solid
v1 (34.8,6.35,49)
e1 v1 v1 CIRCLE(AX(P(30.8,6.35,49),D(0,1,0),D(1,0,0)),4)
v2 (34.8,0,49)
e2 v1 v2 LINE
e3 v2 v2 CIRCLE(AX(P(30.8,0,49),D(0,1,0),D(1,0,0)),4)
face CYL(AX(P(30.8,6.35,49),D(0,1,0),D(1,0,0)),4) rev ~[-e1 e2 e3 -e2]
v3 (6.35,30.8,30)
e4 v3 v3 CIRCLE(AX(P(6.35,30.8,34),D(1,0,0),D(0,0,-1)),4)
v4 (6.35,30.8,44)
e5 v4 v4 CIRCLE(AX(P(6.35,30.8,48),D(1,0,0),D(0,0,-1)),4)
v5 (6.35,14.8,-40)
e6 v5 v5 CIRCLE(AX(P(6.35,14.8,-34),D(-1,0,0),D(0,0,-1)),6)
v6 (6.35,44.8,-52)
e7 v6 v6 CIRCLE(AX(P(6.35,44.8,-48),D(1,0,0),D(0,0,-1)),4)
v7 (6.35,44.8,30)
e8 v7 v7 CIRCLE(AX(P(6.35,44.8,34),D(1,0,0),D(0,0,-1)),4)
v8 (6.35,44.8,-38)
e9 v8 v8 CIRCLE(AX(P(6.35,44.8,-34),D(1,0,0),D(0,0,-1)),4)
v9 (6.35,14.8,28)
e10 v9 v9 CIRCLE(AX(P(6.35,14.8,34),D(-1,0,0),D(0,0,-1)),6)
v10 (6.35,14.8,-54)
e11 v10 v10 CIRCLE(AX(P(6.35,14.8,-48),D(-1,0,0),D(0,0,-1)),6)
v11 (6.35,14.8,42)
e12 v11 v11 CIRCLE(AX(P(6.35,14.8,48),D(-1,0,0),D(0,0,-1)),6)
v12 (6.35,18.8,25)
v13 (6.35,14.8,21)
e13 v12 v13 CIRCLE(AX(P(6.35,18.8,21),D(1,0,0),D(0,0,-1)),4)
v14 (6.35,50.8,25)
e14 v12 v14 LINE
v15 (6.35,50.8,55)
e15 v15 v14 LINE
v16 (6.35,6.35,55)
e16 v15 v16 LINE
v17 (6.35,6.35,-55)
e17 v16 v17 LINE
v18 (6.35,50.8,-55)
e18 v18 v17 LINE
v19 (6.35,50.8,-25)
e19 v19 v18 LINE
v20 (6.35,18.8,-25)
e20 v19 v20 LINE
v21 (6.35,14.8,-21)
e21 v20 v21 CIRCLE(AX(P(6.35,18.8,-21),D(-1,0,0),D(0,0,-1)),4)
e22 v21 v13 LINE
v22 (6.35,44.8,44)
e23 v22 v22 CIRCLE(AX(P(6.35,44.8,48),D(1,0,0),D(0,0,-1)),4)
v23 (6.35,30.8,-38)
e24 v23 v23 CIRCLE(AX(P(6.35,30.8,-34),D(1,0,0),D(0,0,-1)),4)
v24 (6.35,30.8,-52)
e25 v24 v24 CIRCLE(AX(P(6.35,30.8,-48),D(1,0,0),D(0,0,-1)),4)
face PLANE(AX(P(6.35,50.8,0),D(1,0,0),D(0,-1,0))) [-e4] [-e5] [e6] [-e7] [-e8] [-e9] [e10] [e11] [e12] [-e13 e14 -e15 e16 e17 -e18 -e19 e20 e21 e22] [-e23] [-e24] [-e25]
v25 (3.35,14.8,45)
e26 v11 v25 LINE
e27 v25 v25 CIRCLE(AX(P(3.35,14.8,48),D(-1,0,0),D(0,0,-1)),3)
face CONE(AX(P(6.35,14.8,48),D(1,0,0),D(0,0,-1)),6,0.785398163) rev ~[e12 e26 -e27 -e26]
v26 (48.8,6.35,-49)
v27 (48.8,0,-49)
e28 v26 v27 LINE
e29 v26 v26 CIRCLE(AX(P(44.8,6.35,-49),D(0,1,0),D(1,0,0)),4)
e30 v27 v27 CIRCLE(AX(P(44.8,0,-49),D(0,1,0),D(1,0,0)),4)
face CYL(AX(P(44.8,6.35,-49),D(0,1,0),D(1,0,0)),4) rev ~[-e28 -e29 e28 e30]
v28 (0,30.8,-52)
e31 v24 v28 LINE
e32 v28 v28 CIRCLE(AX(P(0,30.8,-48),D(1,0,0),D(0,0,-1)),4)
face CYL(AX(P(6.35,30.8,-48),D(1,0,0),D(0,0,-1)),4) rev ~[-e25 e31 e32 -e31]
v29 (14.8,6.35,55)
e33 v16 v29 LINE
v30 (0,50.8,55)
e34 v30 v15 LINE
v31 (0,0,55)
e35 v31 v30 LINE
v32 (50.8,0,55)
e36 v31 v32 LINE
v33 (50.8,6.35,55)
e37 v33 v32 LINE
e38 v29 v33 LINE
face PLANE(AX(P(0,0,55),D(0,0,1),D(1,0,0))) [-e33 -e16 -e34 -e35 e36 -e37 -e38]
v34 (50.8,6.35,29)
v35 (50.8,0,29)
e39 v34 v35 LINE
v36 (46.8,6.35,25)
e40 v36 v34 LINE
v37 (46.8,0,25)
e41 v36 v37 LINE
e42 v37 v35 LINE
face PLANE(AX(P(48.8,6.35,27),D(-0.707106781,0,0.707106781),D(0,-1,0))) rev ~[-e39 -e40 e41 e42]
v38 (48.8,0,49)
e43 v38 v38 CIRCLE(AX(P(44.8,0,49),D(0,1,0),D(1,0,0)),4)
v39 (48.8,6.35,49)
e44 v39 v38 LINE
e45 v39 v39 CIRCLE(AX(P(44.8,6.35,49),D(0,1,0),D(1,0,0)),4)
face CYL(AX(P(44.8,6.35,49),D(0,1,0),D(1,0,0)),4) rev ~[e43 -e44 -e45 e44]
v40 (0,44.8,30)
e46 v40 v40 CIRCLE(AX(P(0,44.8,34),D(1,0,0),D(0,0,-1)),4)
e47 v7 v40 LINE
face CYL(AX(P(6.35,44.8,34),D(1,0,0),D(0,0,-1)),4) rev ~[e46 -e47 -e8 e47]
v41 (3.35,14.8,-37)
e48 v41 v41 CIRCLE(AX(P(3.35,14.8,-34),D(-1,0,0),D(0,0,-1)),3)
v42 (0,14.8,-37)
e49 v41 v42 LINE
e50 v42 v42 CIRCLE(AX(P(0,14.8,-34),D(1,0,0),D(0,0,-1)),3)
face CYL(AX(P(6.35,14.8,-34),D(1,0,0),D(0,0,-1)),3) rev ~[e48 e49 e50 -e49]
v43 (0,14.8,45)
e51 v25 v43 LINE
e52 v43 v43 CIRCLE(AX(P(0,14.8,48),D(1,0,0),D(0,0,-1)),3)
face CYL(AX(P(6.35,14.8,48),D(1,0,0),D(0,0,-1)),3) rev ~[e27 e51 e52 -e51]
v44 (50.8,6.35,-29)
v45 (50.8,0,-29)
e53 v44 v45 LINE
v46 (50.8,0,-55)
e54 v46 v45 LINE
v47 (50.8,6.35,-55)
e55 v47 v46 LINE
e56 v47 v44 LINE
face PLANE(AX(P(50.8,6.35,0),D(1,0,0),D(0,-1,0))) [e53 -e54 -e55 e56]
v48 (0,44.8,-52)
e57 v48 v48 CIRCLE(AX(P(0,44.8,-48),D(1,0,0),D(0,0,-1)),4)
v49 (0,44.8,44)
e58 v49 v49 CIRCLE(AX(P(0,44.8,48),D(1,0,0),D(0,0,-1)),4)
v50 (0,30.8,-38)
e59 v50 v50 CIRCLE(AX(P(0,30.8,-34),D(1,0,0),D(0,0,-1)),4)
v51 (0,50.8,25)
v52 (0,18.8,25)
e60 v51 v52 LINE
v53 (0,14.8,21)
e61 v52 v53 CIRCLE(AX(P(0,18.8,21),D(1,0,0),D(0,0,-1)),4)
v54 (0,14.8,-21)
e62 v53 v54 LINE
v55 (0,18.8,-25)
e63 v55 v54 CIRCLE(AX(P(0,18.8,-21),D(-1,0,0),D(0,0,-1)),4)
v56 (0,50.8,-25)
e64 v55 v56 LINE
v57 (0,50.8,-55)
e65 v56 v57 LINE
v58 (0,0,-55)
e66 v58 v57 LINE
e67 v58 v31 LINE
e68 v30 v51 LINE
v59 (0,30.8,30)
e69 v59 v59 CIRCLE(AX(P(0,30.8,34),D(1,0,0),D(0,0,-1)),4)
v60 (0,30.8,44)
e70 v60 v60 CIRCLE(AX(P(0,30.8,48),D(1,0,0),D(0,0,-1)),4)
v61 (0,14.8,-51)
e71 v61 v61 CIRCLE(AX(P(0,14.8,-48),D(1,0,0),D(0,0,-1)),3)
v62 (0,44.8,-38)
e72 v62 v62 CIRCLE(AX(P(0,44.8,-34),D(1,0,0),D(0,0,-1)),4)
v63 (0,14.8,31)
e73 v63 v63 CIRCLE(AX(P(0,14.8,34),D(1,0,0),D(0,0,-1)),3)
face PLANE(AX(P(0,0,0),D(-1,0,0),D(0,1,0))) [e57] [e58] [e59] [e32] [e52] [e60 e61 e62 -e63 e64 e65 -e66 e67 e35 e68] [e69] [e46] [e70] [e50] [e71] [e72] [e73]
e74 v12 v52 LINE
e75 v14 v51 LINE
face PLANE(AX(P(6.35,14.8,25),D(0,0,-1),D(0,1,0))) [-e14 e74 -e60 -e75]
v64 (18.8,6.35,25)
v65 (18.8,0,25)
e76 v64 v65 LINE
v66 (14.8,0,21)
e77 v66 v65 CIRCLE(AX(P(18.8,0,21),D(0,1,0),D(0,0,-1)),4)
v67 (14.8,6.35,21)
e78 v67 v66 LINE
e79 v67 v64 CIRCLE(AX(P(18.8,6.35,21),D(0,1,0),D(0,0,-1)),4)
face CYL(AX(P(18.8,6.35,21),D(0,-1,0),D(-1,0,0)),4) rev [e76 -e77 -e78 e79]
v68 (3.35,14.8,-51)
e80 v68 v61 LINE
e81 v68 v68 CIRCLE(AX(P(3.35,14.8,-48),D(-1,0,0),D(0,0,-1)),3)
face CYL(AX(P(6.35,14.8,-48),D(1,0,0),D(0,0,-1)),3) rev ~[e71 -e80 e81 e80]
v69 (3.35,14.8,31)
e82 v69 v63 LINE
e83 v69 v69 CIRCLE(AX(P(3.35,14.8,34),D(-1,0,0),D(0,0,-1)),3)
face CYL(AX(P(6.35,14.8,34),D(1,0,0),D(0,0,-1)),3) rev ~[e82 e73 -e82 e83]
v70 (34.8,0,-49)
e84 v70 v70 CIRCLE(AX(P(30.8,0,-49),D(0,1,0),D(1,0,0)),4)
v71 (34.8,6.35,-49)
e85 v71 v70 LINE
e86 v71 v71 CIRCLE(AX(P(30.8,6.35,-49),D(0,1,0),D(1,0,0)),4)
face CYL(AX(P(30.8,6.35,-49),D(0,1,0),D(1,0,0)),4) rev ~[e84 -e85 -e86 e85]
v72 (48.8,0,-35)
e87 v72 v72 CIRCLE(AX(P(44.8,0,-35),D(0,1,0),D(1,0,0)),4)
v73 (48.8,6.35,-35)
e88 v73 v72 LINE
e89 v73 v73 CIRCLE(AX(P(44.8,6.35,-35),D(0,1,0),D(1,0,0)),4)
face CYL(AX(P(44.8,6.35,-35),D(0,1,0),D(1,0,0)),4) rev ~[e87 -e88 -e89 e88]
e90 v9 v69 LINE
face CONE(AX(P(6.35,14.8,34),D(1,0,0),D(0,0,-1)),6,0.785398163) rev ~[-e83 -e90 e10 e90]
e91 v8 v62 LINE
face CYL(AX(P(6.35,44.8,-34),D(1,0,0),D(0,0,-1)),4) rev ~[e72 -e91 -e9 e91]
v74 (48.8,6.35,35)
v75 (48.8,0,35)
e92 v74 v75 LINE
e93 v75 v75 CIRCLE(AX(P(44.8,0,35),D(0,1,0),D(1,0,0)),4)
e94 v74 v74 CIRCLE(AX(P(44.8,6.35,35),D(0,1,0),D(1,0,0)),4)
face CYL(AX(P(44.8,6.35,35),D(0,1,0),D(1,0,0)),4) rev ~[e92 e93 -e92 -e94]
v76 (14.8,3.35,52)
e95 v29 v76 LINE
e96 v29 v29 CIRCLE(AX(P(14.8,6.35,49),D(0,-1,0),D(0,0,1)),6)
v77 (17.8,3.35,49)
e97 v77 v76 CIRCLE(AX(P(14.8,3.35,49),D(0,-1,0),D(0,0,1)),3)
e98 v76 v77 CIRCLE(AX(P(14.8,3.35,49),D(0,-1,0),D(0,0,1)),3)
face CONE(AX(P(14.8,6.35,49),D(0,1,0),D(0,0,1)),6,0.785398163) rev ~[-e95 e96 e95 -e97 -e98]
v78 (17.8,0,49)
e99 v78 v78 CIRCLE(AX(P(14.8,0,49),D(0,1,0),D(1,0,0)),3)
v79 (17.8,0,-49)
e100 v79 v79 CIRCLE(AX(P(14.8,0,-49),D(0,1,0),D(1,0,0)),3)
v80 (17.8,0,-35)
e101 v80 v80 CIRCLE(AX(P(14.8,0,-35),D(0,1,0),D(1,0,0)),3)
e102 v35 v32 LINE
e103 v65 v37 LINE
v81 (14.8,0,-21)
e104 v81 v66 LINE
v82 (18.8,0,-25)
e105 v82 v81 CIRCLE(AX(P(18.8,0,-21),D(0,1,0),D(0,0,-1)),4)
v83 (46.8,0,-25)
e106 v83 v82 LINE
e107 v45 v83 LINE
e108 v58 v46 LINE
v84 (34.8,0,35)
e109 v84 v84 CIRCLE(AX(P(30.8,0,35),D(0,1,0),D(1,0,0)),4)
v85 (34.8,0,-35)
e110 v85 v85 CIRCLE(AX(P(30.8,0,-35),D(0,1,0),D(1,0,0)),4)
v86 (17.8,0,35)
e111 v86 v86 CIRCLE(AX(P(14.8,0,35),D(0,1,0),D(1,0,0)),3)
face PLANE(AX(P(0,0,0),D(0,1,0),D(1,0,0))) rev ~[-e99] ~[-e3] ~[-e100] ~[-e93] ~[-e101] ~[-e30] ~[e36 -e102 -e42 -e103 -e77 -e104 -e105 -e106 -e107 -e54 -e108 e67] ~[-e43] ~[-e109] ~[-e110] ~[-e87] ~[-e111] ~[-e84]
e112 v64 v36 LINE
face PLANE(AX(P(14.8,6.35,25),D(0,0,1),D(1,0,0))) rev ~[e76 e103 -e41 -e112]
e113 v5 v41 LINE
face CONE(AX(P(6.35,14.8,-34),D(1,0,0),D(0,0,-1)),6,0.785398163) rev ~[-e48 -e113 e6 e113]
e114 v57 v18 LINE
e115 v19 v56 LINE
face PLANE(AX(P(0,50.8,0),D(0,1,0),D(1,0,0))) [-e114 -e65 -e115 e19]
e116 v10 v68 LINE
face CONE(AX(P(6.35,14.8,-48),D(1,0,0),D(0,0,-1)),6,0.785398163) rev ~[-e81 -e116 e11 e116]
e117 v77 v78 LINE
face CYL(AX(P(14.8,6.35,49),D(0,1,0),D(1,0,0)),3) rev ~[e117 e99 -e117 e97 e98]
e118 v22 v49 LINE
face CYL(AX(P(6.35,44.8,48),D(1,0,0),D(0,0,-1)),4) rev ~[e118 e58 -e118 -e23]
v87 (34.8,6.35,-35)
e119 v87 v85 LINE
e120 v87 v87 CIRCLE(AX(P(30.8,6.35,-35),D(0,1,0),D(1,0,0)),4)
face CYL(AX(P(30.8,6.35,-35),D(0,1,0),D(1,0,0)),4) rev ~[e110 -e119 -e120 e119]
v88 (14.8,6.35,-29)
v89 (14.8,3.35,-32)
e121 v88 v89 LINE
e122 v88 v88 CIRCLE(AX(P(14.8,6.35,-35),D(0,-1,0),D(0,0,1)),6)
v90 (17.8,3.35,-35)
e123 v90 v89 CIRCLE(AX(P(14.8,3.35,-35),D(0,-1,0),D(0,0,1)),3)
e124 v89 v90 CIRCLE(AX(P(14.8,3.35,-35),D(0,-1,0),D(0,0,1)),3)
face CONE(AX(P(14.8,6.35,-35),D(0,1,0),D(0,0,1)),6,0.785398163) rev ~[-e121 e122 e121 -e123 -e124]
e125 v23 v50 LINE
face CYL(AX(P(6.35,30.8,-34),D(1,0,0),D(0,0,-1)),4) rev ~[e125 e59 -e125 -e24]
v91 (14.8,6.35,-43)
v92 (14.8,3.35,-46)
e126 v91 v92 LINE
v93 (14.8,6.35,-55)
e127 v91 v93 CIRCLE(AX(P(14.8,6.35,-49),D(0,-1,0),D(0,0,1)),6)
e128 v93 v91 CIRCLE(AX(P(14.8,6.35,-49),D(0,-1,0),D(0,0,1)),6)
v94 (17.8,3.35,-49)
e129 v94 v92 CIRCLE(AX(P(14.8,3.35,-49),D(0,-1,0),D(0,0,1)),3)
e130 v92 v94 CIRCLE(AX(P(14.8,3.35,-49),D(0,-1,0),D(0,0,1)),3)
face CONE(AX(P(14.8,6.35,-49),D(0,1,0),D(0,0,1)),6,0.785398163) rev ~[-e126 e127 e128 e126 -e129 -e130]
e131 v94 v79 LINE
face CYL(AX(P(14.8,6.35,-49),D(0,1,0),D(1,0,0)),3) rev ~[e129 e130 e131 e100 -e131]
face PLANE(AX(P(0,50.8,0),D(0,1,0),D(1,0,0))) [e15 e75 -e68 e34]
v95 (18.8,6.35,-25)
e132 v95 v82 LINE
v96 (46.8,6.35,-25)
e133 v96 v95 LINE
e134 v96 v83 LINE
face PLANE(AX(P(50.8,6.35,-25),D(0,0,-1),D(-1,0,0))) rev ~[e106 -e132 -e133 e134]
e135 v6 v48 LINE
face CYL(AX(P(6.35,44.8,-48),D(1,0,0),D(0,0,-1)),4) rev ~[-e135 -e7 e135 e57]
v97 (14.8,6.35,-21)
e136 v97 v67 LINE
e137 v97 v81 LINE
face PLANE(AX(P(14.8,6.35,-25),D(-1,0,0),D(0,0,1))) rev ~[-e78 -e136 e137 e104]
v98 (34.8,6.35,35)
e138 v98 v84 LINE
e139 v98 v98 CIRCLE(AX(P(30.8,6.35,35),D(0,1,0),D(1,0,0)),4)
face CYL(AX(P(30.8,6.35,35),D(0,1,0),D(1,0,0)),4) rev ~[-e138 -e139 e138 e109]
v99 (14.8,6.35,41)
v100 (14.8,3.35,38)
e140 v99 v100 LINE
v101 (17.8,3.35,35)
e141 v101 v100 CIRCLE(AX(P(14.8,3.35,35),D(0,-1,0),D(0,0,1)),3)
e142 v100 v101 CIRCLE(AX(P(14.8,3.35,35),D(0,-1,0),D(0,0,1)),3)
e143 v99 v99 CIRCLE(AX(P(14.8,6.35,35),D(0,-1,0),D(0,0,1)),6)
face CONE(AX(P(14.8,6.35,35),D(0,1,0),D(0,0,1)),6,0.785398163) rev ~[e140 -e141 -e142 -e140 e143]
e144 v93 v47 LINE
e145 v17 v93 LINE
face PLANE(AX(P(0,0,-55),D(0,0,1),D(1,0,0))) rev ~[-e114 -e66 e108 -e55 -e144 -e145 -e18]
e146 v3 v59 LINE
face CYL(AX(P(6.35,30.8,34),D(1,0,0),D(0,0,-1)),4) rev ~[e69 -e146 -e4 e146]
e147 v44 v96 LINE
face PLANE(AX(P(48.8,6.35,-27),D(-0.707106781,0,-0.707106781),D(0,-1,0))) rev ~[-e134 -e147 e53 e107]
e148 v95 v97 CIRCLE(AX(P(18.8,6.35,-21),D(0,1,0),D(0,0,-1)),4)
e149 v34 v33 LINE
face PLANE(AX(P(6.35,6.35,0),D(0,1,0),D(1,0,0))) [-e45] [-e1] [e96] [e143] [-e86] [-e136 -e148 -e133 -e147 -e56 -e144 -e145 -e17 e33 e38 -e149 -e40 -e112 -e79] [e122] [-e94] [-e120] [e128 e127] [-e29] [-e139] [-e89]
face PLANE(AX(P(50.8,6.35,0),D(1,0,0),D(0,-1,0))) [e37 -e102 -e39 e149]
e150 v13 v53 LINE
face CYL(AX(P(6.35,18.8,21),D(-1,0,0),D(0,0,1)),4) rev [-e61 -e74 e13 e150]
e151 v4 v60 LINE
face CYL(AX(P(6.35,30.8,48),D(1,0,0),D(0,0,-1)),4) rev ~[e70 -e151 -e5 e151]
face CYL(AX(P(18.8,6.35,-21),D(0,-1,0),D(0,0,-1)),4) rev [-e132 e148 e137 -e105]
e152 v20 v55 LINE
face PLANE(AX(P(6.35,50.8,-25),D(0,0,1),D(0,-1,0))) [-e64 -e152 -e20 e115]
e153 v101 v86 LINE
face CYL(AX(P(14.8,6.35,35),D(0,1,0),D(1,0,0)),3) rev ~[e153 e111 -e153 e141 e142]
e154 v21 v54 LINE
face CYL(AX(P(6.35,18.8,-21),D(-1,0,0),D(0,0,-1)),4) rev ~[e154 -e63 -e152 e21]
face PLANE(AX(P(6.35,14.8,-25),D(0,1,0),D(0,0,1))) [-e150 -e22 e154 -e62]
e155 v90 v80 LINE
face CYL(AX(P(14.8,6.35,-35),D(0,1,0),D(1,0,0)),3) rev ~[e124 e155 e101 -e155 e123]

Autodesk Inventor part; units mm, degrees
ref_plane "YZ Plane" through (0, 0, 0) normal (1, 0, 0) x (0, 1, 0)
ref_plane "XZ Plane" through (0, 0, 0) normal (0, 1, 0) x (-1, 0, 0)
ref_plane "XY Plane" through (0, 0, 0) normal (0, 0, 1) x (1, 0, 0)
sketch "Sketch1" plane through (0, 0, 0) normal (0, 0, 1) x (1, 0, 0)
  line L0 (0, 0) -> (50.8, 0)
  line L1 (0, 0) -> (0, 50.8)
  line L2 (6.35, 50.8) -> (6.35, 6.35)
  line L3 (6.35, 6.35) -> (50.8, 6.35)
  line L4 (0, 50.8) -> (6.35, 50.8)
  line L5 (50.8, 6.35) -> (50.8, 0)
  dimension "d0" = 50.8
  dimension "d1" = 50.8
  dimension "d2" = 6.35
extrude "Extrusion1" add sketch "Sketch1" along normal mid plane 110
sketch "Sketch9" plane through (6.35, 6.35, 55) normal (1, 0, 0) x (0, 0, -1)
  line L0 (30, 44.45) -> (80, 44.45)
  line L1 (80, 44.45) -> (80, 8.45)
  line L2 (80, 8.45) -> (30, 8.45)
  line L3 (30, 8.45) -> (30, 44.45)
  line L4 (110, 44.45) -> (0, 44.45) projected
  point P0 (55, -6.35)
  point P1 (55, 44.45)
  dimension "d140" = 50
  dimension "d141" = 36
extrude "Extrusion8" cut sketch "Sketch9" against normal through all
sketch "Sketch8" plane through (6.35, 6.35, 55) normal (1, 0, 0) x (0, 0, -1)
  circle A0 centre (7, 38.45) radius 4
  circle A1 centre (21, 38.45) radius 4
  line L0 (0, 0) -> (0, 44.45) construction
  line L1 (110, 44.45) -> (0, 44.45) construction
  circle A2 centre (7, 24.45) radius 4
  circle A3 centre (21, 24.45) radius 4
  line L2 (55, 44.45) -> (55, 8.45) construction
  line L3 (30, 8.45) -> (80, 8.45) construction
  circle A4 centre (103, 38.45) radius 4
  circle A5 centre (89, 38.45) radius 4
  circle A6 centre (103, 24.45) radius 4
  circle A7 centre (89, 24.45) radius 4
  circle A8 centre (7, 8.45) radius 3
  circle A9 centre (21, 8.45) radius 3
  circle A10 centre (103, 8.45) radius 3
  circle A11 centre (89, 8.45) radius 3
  point P0 (55, -6.35)
  dimension "d135" = 8
  dimension "d136" = 8
  dimension "d137" = 7
  dimension "d138" = 6
  dimension "d139" = 14
  dimension "d146" = 14
  dimension "d160" = 6
  dimension "d161" = 16
  dimension "d162" = 6
extrude "Extrusion9" cut sketch "Sketch8" against normal through all
hole "Hole2" at (6.35, 14.8, 48) at (6.35, 14.8, 34) at (6.35, 14.8, -34) at (6.35, 14.8, -48) direction (-1, 0, 0) diameter 6 end through all countersink diameter 12 countersink angle 90
sketch "Sketch10" plane through (6.35, 6.35, 55) normal (0, 1, 0) x (1, 0, 0)
  circle A0 centre (38.45, 6) radius 4
  line L0 (44.45, 0) -> (0, 0) construction
  line L1 (44.45, 110) -> (44.45, 0) construction
  circle A1 centre (38.45, 20) radius 4
  circle A2 centre (24.45, 6) radius 4
  circle A3 centre (24.45, 20) radius 4
  circle A4 centre (8.45, 6) radius 3
  circle A5 centre (8.45, 20) radius 3
  line L2 (0, 110) -> (0, 0) construction
  line L3 (0, 55) -> (44.45, 55) construction
  circle A6 centre (38.45, 104) radius 4
  circle A7 centre (38.45, 90) radius 4
  circle A8 centre (24.45, 104) radius 4
  circle A9 centre (24.45, 90) radius 4
  circle A10 centre (8.45, 104) radius 3
  circle A11 centre (8.45, 90) radius 3
  point P0 (-6.35, 55)
  dimension "d170" = 8
  dimension "d171" = 6
  dimension "d172" = 6
  dimension "d173" = 8
  dimension "d174" = 14
  dimension "d177" = 14
  dimension "d182" = 6
  dimension "d183" = 16
  dimension "d184" = 6
extrude "Extrusion10" cut sketch "Sketch10" against normal through all
hole "Hole3" at (14.8, 6.35, 49) at (14.8, 6.35, 35) at (14.8, 6.35, -35) at (14.8, 6.35, -49) direction (0, -1, 0) diameter 6 end through all countersink diameter 12 countersink angle 90
sketch "Sketch11" plane through (6.35, 6.35, 55) normal (0, 1, 0) x (1, 0, 0)
  line L0 (44.45, 110) -> (44.45, 0) construction
  line L1 (44.45, 80) -> (8.45, 80)
  line L2 (8.45, 80) -> (8.45, 30)
  line L3 (8.45, 30) -> (44.45, 30)
  line L4 (44.45, 30) -> (44.45, 80)
  line L5 (0, 80) -> (0, 30) construction
  point P0 (-6.35, 55)
  dimension "d194" = 36
extrude "Extrusion11" cut sketch "Sketch11" against normal through all
chamfer "Chamfer1" distance 4 angle 45 2 edges at (50.8, 3.175, 25) (50.8, 3.175, -25)
fillet "Fillet1" radius 4 2 edges at (14.8, 3.175, -25) (14.8, 3.175, 25)
fillet "Fillet2" radius 4 2 edges at (3.175, 14.8, 25) (3.175, 14.8, -25)
properties part number "LongL-Bracket"
